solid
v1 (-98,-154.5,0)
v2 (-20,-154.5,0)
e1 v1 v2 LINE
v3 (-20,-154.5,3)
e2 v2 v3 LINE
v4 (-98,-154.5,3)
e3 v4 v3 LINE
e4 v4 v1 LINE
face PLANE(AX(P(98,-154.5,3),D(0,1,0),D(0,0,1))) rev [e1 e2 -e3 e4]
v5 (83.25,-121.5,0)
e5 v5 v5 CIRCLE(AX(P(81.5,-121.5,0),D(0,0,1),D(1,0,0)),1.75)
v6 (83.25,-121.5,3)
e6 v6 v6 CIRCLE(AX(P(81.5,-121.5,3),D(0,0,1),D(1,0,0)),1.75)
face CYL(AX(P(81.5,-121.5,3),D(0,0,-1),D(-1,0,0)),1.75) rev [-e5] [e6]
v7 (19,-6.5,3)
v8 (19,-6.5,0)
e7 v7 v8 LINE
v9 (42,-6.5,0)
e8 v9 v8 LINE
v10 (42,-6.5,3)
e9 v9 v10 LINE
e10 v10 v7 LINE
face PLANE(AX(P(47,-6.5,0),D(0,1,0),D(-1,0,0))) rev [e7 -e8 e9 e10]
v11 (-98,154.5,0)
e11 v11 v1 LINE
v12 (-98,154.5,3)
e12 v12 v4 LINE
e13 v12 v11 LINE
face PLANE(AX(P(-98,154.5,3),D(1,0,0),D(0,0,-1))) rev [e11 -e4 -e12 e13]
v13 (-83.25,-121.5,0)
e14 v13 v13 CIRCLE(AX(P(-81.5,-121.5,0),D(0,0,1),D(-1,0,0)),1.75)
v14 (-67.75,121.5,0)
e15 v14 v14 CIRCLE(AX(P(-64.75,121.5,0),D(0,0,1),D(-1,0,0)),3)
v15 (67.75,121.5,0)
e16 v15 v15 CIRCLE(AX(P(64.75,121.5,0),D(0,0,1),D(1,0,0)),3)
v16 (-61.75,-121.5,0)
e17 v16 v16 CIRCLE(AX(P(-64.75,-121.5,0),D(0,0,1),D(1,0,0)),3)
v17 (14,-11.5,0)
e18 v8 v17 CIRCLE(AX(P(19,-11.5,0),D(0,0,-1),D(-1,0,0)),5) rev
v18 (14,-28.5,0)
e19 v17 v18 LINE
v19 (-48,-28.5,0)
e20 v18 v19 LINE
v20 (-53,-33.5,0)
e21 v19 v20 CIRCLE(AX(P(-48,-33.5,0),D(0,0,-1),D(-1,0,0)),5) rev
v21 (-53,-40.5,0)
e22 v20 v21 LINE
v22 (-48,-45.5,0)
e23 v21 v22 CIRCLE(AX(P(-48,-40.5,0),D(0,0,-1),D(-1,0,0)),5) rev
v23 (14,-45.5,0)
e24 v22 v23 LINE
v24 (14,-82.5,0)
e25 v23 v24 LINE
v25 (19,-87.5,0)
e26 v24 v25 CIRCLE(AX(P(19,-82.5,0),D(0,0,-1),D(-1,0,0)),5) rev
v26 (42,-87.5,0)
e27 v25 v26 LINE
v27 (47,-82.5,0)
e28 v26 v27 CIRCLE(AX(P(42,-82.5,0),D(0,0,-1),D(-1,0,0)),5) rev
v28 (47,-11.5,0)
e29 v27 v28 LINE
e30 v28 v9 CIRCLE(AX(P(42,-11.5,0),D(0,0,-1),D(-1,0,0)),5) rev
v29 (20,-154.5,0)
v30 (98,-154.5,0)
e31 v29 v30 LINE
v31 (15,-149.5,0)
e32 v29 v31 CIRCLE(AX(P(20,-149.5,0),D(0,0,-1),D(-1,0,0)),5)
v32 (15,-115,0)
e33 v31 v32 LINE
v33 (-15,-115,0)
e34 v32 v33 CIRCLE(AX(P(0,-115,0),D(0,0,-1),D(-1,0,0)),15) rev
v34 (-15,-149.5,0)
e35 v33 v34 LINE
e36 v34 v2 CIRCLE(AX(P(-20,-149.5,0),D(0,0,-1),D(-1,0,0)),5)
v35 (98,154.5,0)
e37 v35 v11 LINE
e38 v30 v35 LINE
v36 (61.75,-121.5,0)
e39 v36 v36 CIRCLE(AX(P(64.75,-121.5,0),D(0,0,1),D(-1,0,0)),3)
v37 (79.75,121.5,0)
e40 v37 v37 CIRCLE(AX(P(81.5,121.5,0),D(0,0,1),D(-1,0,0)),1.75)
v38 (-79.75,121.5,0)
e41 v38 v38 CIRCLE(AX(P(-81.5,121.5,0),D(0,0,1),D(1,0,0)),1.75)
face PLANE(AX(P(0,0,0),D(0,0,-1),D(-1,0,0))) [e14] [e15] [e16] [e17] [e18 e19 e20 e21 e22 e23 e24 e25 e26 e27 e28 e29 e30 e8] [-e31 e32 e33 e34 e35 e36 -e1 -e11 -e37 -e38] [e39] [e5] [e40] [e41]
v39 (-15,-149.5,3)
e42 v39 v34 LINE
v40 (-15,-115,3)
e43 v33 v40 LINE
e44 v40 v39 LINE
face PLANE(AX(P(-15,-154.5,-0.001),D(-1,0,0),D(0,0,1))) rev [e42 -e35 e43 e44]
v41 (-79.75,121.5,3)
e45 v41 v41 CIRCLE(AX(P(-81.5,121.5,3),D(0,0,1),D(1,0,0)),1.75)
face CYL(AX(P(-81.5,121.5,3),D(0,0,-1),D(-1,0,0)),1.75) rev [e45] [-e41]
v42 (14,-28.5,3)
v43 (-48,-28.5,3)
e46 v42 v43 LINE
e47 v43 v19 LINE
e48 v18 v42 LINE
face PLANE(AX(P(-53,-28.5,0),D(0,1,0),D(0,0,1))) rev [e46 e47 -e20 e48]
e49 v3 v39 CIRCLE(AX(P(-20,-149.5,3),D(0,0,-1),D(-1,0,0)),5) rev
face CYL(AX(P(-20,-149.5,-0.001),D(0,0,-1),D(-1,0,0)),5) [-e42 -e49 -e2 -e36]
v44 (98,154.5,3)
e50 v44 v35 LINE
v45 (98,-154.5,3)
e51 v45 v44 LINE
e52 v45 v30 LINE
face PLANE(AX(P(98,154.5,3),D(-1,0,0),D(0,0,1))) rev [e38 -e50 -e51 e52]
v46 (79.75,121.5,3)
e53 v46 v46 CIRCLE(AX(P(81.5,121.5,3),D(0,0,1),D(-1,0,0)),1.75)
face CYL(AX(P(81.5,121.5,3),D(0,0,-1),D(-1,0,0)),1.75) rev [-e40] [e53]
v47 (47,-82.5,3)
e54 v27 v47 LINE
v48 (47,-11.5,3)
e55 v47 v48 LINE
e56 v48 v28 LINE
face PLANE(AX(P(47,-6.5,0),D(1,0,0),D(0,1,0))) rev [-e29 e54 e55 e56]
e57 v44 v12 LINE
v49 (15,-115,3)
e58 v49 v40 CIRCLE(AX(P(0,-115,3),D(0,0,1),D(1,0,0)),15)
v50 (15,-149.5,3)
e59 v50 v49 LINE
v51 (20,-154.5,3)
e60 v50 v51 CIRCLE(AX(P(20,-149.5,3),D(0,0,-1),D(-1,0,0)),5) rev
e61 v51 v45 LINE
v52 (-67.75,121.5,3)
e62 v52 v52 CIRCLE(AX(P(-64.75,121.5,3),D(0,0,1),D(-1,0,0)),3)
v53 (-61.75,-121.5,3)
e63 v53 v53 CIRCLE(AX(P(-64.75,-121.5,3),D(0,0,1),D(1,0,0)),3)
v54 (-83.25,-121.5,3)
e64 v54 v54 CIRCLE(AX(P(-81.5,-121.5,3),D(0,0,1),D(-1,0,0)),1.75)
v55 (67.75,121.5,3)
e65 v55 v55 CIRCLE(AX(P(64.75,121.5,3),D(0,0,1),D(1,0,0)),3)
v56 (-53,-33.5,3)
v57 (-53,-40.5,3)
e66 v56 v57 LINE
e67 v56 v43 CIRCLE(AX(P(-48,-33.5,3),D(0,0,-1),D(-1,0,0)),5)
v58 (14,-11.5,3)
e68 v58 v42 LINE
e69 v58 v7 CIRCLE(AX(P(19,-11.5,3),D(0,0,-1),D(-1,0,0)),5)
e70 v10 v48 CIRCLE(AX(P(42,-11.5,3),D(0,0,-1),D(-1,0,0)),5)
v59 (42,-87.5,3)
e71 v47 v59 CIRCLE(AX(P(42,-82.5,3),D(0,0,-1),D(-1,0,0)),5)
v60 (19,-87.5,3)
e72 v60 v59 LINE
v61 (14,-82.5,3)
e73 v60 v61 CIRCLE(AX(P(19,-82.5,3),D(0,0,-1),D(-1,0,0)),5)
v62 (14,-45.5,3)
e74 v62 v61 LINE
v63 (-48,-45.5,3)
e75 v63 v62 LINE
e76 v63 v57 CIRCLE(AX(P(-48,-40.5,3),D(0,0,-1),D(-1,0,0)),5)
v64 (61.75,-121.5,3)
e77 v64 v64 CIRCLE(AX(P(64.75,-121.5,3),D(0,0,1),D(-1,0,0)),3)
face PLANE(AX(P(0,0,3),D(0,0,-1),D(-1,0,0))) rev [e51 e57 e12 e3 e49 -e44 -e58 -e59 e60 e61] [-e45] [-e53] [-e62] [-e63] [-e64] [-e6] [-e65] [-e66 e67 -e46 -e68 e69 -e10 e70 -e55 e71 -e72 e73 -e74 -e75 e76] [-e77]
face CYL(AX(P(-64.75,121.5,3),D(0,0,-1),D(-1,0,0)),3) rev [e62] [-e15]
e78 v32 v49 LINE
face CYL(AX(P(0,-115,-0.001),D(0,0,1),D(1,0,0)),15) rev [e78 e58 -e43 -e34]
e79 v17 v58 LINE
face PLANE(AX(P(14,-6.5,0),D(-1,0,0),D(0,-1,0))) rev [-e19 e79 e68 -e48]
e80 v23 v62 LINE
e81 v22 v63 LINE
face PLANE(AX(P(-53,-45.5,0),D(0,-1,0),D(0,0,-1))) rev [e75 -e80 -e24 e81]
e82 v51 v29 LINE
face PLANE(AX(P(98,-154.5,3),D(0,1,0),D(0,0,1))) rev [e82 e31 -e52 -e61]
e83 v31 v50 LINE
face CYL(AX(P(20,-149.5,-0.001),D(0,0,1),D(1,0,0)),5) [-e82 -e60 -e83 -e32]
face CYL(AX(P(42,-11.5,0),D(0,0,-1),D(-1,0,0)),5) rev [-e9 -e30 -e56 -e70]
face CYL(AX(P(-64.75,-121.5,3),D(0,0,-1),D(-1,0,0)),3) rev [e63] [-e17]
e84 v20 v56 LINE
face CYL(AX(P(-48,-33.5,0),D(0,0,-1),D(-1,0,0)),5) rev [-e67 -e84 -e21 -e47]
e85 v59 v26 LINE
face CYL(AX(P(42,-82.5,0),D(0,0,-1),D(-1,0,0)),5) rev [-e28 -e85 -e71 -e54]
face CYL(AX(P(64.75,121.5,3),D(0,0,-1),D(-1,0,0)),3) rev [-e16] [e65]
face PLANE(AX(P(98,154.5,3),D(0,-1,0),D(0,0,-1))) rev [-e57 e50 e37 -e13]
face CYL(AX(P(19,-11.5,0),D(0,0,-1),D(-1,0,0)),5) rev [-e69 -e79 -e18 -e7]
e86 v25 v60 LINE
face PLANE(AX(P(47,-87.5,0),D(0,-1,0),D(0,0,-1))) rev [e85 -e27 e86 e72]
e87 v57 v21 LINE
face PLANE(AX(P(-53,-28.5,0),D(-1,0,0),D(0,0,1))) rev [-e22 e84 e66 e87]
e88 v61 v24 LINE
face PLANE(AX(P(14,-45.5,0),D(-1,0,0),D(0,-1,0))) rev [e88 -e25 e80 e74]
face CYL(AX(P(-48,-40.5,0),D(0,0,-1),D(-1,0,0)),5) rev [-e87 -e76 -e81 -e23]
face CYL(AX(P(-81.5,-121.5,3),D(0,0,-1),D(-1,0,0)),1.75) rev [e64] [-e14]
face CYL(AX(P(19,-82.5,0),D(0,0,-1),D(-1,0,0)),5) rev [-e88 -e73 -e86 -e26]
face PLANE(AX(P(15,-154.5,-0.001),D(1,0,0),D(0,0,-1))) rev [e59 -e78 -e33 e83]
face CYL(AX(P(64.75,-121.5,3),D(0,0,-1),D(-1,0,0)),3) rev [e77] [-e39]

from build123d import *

# Parameters (mm, degrees)
ESQUISSE1_W             = 196
ESQUISSE1_H             = 309
ESQUISSE1_R             = 1.75
ESQUISSE1_R_2           = 3
BOSS_EXTRU_1_DEPTH      = 3
ENL_V_MAT_EXTRU_1_REACH = 5
CONG_1_R                = 5
ENL_V_MAT_EXTRU_2_DEPTH = 4
CONG_2_R                = 5


with BuildPart() as part:
    # Esquisse1 → Boss.-Extru.1 (new body)
    with BuildSketch(Plane.XY):
        Rectangle(ESQUISSE1_W, ESQUISSE1_H)
        with Locations((-81.5, 121.5)):
            Circle(ESQUISSE1_R, mode=Mode.SUBTRACT)
        with Locations((81.5, 121.5)):
            Circle(ESQUISSE1_R, mode=Mode.SUBTRACT)
        with Locations((81.5, -121.5)):
            Circle(ESQUISSE1_R, mode=Mode.SUBTRACT)
        with Locations((-81.5, -121.5)):
            Circle(ESQUISSE1_R, mode=Mode.SUBTRACT)
        with Locations((64.75, 121.5)):
            Circle(ESQUISSE1_R_2, mode=Mode.SUBTRACT)
        with Locations((-64.75, 121.5)):
            Circle(ESQUISSE1_R_2, mode=Mode.SUBTRACT)
        with Locations((-64.75, -121.5)):
            Circle(ESQUISSE1_R_2, mode=Mode.SUBTRACT)
        with Locations((64.75, -121.5)):
            Circle(ESQUISSE1_R_2, mode=Mode.SUBTRACT)
    extrude(amount=BOSS_EXTRU_1_DEPTH)

    # Esquisse2 → Enlèv. mat.-Extru.1 (cut, up to next)
    with BuildSketch(Plane.XY.offset(3), mode=Mode.PRIVATE) as enl_v_mat_extru_1_sk1:
        with BuildLine():
            Line((-15, -154.5), (-15, -115))
            ThreePointArc((-15, -115), (0, -100), (15, -115))
            Line((15, -115), (15, -154.5))
            ThreePointArc((15, -154.5), (0, -169.5), (-15, -154.5))
        make_face()
    enl_v_mat_extru_1_tool1 = extrude(enl_v_mat_extru_1_sk1.sketch, amount=-ENL_V_MAT_EXTRU_1_REACH, mode=Mode.PRIVATE) & part.part
    add(enl_v_mat_extru_1_tool1.solids().sort_by_distance((0, -134.75, 3))[0], mode=Mode.SUBTRACT)

    # Congé1
    cong_1_edges = [part.edges().sort_by_distance(p)[0] for p in [
        (-15, -154.5, 1.5),
        (15, -154.5, 1.5),
    ]]
    fillet(cong_1_edges, radius=CONG_1_R)

    # Esquisse3 → Enlèv. mat.-Extru.2 (cut, through all)
    with BuildSketch(Plane.XY.offset(3)):
        Polygon((-53, -28.5), (14, -28.5), (14, -6.5), (47, -6.5), (47, -87.5), (14, -87.5), (14, -45.5), (-53, -45.5), align=None)
    extrude(amount=-ENL_V_MAT_EXTRU_2_DEPTH, mode=Mode.SUBTRACT)

    # Congé2
    cong_2_edges = [part.edges().sort_by_distance(p)[0] for p in [
        (-53, -45.5, 1.5),
        (-53, -28.5, 1.5),
        (14, -6.5, 1.5),
        (47, -6.5, 1.5),
        (47, -87.5, 1.5),
        (14, -87.5, 1.5),
    ]]
    fillet(cong_2_edges, radius=CONG_2_R)


solid = part.part
